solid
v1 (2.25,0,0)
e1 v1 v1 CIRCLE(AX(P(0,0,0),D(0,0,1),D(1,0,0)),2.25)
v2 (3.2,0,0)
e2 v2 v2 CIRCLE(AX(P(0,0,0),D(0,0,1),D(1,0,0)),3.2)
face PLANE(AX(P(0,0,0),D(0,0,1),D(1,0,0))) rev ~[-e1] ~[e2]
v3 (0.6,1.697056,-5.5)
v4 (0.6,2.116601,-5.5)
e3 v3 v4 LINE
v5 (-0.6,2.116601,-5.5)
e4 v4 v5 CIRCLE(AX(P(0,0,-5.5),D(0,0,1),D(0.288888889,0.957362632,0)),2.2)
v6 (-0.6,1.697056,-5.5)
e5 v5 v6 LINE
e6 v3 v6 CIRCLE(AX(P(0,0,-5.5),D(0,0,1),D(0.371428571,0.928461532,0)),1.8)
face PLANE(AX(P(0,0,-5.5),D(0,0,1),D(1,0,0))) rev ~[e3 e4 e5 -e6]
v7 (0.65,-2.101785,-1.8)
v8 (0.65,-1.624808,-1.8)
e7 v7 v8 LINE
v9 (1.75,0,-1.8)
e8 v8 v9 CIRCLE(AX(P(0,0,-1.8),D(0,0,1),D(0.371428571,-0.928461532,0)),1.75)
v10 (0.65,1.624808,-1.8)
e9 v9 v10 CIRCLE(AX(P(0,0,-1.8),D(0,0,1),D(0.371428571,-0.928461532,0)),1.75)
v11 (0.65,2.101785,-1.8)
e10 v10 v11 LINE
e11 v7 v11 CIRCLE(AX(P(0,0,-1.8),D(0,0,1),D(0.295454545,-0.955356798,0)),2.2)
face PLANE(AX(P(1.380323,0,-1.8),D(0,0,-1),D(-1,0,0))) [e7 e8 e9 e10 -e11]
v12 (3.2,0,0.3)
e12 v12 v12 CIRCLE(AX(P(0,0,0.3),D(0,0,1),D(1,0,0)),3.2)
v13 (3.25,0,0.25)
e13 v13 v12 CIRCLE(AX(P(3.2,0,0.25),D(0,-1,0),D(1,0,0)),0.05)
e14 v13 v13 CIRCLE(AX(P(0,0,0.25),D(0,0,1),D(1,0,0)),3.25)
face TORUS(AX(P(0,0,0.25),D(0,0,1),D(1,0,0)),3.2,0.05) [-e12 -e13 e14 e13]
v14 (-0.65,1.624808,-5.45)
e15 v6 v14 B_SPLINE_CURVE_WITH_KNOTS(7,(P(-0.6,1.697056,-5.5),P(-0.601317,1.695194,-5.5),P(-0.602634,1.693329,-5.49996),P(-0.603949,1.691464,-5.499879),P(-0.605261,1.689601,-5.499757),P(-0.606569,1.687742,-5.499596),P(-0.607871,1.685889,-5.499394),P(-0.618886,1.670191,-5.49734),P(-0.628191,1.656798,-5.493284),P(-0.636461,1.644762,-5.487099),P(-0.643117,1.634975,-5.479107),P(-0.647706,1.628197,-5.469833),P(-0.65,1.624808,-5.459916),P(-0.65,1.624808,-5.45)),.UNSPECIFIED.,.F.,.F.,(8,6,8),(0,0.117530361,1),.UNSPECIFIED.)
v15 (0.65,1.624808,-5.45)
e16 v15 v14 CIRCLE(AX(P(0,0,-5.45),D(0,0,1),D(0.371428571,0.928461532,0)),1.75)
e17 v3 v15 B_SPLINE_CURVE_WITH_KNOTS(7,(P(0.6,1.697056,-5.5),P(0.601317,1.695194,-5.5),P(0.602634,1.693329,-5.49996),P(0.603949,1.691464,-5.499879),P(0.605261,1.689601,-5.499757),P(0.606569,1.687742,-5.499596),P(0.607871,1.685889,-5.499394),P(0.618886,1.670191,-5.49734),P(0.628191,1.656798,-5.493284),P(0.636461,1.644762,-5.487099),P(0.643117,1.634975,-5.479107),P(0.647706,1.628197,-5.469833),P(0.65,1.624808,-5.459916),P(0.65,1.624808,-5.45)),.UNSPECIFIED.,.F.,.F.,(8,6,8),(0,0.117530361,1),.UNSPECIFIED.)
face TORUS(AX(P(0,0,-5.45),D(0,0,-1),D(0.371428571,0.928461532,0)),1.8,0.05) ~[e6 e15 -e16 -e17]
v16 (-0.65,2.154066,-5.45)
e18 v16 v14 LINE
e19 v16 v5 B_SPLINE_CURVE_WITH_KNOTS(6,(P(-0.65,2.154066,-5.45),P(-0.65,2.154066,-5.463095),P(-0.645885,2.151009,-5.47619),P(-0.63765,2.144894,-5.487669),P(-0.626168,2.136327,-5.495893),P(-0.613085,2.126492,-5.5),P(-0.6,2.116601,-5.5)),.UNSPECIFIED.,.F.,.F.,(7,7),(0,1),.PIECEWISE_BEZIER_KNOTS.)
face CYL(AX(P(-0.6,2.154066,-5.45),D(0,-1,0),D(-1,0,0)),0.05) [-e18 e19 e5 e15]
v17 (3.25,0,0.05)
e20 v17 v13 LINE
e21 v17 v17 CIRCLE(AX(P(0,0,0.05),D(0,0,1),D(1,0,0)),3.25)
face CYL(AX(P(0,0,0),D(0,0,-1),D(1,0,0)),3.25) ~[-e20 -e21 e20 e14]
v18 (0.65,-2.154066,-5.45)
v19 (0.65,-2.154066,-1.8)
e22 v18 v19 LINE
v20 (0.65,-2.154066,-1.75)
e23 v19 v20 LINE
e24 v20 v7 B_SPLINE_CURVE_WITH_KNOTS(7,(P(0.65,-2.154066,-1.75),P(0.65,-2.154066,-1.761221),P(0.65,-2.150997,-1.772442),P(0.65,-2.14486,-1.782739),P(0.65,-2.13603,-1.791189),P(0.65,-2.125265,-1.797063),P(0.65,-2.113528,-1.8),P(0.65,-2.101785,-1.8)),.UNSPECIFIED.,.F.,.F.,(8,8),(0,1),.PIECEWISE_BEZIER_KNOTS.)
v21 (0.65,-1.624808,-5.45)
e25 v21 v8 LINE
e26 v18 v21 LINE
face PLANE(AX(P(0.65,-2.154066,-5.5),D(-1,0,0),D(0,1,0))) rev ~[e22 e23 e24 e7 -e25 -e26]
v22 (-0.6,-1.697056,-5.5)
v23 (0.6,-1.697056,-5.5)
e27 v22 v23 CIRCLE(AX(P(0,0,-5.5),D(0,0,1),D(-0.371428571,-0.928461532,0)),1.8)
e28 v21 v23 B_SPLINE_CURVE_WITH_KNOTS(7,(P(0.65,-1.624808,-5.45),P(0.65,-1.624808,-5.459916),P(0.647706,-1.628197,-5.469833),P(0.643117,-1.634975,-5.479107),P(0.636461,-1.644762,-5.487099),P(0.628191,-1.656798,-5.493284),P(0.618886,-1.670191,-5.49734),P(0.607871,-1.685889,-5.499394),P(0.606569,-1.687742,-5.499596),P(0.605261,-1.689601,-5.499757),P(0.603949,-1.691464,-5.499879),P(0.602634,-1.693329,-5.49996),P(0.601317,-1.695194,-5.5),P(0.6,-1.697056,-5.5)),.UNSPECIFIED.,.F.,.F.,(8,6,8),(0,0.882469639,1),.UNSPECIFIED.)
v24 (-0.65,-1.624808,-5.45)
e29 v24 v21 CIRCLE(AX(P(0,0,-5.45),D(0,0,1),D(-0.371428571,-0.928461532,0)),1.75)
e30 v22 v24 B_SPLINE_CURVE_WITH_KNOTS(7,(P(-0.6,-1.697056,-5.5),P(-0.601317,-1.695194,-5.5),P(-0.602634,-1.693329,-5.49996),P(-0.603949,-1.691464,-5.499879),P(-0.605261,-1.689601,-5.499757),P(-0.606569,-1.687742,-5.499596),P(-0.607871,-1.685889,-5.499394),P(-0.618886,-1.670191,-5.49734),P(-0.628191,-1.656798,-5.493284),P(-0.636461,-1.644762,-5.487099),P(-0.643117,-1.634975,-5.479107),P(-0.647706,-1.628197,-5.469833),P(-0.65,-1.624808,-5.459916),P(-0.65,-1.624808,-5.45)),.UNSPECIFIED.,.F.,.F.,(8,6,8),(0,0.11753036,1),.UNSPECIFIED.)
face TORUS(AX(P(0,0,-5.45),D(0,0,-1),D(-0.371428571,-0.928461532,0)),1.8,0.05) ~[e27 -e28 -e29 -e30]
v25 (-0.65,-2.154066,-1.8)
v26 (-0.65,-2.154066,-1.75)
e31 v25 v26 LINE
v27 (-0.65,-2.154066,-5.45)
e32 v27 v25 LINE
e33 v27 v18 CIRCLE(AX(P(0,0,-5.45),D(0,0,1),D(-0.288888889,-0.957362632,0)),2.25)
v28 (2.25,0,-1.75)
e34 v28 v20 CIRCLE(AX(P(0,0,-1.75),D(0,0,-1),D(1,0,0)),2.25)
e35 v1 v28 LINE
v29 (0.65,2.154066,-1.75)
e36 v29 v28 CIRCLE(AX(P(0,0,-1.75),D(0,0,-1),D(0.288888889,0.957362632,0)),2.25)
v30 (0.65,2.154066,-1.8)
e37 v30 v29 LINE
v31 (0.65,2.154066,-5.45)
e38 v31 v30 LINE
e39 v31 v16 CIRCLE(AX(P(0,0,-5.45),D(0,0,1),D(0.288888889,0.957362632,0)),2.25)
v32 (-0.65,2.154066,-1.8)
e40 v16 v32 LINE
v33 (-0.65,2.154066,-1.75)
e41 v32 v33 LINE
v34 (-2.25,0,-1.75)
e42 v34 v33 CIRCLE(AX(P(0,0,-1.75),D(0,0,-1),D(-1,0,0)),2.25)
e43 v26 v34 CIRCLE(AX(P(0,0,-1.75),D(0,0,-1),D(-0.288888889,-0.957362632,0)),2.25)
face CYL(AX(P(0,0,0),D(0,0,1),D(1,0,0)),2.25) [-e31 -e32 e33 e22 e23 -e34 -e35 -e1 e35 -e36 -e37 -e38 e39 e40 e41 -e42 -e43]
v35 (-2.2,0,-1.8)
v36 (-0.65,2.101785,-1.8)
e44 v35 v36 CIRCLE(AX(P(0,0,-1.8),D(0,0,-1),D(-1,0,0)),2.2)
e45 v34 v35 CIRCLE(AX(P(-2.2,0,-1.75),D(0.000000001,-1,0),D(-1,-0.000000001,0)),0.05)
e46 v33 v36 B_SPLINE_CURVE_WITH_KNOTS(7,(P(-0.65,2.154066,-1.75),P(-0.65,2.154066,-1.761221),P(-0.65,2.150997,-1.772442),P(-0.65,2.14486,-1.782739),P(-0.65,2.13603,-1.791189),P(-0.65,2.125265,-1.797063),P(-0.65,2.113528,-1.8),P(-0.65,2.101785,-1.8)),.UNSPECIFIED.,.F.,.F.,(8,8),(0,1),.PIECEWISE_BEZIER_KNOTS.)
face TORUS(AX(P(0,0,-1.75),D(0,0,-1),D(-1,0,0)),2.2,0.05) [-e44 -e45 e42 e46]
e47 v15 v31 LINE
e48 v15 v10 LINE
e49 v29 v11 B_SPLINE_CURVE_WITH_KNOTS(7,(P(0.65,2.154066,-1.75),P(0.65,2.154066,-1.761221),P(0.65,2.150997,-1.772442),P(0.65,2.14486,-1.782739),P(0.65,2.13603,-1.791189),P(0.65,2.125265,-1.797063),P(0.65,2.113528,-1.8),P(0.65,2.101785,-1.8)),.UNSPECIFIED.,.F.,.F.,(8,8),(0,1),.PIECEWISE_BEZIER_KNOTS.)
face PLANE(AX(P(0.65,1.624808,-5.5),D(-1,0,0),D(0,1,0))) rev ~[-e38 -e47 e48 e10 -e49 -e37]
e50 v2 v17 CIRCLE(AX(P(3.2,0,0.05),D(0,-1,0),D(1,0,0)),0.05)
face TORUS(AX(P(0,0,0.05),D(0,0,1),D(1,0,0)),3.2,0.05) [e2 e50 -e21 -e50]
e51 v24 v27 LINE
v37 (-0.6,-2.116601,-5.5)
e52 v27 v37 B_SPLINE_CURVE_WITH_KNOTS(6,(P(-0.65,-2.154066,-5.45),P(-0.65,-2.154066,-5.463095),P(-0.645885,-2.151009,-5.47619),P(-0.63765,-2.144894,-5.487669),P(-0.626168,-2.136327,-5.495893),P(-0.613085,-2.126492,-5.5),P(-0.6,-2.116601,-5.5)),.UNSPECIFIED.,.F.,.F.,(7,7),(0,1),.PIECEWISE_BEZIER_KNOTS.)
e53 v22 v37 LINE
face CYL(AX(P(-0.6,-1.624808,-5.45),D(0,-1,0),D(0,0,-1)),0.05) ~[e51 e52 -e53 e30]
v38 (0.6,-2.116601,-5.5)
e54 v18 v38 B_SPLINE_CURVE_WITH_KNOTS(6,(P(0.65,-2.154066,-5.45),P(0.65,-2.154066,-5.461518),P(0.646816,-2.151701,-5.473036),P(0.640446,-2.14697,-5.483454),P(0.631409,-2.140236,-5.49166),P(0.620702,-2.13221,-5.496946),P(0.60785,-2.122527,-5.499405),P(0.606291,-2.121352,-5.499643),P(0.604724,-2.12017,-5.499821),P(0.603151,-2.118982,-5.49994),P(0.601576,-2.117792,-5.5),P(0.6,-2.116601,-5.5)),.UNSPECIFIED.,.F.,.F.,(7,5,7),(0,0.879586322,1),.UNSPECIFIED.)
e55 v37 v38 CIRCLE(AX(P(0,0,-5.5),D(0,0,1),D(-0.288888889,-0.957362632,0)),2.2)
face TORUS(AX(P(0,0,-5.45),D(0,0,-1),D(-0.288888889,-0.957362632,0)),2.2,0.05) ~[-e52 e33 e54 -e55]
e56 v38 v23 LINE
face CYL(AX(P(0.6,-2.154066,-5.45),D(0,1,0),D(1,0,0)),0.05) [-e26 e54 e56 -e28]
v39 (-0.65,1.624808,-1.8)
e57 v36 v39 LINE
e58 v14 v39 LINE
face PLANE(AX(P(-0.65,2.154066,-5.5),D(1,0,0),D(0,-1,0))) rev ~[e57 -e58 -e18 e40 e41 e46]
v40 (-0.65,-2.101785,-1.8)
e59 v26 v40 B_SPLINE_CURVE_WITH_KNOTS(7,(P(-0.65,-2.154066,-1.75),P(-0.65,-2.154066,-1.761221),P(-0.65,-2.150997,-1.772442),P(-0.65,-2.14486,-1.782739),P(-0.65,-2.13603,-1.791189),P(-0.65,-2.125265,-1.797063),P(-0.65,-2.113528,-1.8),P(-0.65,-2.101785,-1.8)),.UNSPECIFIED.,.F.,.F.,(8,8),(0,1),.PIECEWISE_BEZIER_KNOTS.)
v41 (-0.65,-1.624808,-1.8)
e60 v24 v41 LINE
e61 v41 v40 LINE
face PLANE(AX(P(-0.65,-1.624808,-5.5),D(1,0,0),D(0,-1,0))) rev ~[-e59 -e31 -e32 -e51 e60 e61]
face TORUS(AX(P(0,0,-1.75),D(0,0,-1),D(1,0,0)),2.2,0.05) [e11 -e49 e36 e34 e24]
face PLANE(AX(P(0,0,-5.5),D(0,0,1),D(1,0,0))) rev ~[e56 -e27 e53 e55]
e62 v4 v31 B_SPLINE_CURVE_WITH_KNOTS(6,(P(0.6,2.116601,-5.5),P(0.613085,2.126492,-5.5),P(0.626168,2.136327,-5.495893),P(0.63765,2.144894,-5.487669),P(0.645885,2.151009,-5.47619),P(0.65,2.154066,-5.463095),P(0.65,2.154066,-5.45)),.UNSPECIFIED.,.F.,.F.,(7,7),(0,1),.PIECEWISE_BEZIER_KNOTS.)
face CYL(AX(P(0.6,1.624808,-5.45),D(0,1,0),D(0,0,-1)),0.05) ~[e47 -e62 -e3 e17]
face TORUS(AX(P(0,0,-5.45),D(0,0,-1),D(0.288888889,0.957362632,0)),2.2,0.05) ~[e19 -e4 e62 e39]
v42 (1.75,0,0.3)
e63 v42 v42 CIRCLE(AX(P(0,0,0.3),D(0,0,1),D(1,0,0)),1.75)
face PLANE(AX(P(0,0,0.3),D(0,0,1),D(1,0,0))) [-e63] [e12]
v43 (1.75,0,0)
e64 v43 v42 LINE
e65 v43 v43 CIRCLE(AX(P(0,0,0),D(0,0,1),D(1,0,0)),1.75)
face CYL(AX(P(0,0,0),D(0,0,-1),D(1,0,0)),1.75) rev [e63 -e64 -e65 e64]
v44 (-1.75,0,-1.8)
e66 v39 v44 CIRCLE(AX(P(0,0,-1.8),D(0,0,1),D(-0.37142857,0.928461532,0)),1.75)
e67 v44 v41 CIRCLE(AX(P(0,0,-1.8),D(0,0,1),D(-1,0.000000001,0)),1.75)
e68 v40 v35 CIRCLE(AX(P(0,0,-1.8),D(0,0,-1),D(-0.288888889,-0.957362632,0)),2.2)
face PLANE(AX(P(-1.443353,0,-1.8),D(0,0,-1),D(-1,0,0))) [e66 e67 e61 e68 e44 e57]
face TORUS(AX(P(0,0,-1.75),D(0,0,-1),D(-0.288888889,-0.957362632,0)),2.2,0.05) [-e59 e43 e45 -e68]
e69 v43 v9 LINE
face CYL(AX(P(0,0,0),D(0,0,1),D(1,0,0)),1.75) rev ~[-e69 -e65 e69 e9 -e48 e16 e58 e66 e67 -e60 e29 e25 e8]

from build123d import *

# Parameters (mm, degrees)
SKETCH_1_R          = 3.25
SKETCH_1_R_2        = 2.25
SKETCH_1_R_3        = 1.75
EXTRUDE_1_DEPTH     = 0.3
SKETCH_1_4_R        = 2.25
SKETCH_1_4_R_2      = 1.75
EXTRUDE_2_DEPTH     = 5.5
CUT_EXTRUDE_1_DEPTH = 3.7
FILLET_1_R          = 0.05


with BuildPart() as part:
    # Sketch 1 → Extrude 1 (new body)
    with BuildSketch(Plane.XY):
        Circle(SKETCH_1_R)
        Circle(SKETCH_1_R_2, mode=Mode.SUBTRACT)
        Circle(SKETCH_1_R_2)
        Circle(SKETCH_1_R_3, mode=Mode.SUBTRACT)
    extrude(amount=EXTRUDE_1_DEPTH)

    # Sketch 1_4 → Extrude 2 (add)
    with BuildSketch(Plane.XY):
        Circle(SKETCH_1_4_R)
        Circle(SKETCH_1_4_R_2, mode=Mode.SUBTRACT)
    extrude(amount=-EXTRUDE_2_DEPTH)

    # Sketch 2 → Cut-Extrude 1 (cut)
    with BuildSketch(Plane(origin=(0, 0, -5.5), x_dir=(-1, 0, 0), z_dir=(0, 0, -1))):
        with BuildLine():
            ThreePointArc((-0.65, 2.154065923), (-2.25, 0), (-0.65, -2.154065923))
            Line((-0.65, -2.154065923), (-0.65, -1.624807681))
            ThreePointArc((-0.65, -1.624807681), (-1.75, 0), (-0.65, 1.624807681))
            Line((-0.65, 1.624807681), (-0.65, 2.154065923))
        make_face()
        with BuildLine():
            Line((0.65, -1.624807681), (0.65, -2.154065923))
            ThreePointArc((0.65, -2.154065923), (1.806239187, -1.341640786), (2.25, 0))
            ThreePointArc((2.25, 0), (1.806239187, 1.341640786), (0.65, 2.154065923))
            Line((0.65, 2.154065923), (0.65, 1.624807681))
            ThreePointArc((0.65, 1.624807681), (1.449137675, 0.981070844), (1.75, 0))
            ThreePointArc((1.75, 0), (1.449137675, -0.981070844), (0.65, -1.624807681))
        make_face()
    extrude(amount=-CUT_EXTRUDE_1_DEPTH, mode=Mode.SUBTRACT)

    # Fillet 1
    fillet_1_edges = [part.edges().sort_by_distance(p)[0] for p in [
        (0, 1.75, -5.5),
        (1.806239187, 1.341640786, -1.8),
        (0.65, -1.889436802, -5.5),
        (0.65, 1.889436802, -5.5),
        (0, -2.25, -5.5),
        (0, -1.75, -5.5),
        (-0.65, -1.889436802, -5.5),
        (-0.65, 1.889436802, -5.5),
        (-2.25, 0, -1.8),
        (-3.25, 0, 0),
        (-3.25, 0, 0.3),
        (0, 2.25, -5.5),
    ]]
    fillet(fillet_1_edges, radius=FILLET_1_R)


solid = part.part
